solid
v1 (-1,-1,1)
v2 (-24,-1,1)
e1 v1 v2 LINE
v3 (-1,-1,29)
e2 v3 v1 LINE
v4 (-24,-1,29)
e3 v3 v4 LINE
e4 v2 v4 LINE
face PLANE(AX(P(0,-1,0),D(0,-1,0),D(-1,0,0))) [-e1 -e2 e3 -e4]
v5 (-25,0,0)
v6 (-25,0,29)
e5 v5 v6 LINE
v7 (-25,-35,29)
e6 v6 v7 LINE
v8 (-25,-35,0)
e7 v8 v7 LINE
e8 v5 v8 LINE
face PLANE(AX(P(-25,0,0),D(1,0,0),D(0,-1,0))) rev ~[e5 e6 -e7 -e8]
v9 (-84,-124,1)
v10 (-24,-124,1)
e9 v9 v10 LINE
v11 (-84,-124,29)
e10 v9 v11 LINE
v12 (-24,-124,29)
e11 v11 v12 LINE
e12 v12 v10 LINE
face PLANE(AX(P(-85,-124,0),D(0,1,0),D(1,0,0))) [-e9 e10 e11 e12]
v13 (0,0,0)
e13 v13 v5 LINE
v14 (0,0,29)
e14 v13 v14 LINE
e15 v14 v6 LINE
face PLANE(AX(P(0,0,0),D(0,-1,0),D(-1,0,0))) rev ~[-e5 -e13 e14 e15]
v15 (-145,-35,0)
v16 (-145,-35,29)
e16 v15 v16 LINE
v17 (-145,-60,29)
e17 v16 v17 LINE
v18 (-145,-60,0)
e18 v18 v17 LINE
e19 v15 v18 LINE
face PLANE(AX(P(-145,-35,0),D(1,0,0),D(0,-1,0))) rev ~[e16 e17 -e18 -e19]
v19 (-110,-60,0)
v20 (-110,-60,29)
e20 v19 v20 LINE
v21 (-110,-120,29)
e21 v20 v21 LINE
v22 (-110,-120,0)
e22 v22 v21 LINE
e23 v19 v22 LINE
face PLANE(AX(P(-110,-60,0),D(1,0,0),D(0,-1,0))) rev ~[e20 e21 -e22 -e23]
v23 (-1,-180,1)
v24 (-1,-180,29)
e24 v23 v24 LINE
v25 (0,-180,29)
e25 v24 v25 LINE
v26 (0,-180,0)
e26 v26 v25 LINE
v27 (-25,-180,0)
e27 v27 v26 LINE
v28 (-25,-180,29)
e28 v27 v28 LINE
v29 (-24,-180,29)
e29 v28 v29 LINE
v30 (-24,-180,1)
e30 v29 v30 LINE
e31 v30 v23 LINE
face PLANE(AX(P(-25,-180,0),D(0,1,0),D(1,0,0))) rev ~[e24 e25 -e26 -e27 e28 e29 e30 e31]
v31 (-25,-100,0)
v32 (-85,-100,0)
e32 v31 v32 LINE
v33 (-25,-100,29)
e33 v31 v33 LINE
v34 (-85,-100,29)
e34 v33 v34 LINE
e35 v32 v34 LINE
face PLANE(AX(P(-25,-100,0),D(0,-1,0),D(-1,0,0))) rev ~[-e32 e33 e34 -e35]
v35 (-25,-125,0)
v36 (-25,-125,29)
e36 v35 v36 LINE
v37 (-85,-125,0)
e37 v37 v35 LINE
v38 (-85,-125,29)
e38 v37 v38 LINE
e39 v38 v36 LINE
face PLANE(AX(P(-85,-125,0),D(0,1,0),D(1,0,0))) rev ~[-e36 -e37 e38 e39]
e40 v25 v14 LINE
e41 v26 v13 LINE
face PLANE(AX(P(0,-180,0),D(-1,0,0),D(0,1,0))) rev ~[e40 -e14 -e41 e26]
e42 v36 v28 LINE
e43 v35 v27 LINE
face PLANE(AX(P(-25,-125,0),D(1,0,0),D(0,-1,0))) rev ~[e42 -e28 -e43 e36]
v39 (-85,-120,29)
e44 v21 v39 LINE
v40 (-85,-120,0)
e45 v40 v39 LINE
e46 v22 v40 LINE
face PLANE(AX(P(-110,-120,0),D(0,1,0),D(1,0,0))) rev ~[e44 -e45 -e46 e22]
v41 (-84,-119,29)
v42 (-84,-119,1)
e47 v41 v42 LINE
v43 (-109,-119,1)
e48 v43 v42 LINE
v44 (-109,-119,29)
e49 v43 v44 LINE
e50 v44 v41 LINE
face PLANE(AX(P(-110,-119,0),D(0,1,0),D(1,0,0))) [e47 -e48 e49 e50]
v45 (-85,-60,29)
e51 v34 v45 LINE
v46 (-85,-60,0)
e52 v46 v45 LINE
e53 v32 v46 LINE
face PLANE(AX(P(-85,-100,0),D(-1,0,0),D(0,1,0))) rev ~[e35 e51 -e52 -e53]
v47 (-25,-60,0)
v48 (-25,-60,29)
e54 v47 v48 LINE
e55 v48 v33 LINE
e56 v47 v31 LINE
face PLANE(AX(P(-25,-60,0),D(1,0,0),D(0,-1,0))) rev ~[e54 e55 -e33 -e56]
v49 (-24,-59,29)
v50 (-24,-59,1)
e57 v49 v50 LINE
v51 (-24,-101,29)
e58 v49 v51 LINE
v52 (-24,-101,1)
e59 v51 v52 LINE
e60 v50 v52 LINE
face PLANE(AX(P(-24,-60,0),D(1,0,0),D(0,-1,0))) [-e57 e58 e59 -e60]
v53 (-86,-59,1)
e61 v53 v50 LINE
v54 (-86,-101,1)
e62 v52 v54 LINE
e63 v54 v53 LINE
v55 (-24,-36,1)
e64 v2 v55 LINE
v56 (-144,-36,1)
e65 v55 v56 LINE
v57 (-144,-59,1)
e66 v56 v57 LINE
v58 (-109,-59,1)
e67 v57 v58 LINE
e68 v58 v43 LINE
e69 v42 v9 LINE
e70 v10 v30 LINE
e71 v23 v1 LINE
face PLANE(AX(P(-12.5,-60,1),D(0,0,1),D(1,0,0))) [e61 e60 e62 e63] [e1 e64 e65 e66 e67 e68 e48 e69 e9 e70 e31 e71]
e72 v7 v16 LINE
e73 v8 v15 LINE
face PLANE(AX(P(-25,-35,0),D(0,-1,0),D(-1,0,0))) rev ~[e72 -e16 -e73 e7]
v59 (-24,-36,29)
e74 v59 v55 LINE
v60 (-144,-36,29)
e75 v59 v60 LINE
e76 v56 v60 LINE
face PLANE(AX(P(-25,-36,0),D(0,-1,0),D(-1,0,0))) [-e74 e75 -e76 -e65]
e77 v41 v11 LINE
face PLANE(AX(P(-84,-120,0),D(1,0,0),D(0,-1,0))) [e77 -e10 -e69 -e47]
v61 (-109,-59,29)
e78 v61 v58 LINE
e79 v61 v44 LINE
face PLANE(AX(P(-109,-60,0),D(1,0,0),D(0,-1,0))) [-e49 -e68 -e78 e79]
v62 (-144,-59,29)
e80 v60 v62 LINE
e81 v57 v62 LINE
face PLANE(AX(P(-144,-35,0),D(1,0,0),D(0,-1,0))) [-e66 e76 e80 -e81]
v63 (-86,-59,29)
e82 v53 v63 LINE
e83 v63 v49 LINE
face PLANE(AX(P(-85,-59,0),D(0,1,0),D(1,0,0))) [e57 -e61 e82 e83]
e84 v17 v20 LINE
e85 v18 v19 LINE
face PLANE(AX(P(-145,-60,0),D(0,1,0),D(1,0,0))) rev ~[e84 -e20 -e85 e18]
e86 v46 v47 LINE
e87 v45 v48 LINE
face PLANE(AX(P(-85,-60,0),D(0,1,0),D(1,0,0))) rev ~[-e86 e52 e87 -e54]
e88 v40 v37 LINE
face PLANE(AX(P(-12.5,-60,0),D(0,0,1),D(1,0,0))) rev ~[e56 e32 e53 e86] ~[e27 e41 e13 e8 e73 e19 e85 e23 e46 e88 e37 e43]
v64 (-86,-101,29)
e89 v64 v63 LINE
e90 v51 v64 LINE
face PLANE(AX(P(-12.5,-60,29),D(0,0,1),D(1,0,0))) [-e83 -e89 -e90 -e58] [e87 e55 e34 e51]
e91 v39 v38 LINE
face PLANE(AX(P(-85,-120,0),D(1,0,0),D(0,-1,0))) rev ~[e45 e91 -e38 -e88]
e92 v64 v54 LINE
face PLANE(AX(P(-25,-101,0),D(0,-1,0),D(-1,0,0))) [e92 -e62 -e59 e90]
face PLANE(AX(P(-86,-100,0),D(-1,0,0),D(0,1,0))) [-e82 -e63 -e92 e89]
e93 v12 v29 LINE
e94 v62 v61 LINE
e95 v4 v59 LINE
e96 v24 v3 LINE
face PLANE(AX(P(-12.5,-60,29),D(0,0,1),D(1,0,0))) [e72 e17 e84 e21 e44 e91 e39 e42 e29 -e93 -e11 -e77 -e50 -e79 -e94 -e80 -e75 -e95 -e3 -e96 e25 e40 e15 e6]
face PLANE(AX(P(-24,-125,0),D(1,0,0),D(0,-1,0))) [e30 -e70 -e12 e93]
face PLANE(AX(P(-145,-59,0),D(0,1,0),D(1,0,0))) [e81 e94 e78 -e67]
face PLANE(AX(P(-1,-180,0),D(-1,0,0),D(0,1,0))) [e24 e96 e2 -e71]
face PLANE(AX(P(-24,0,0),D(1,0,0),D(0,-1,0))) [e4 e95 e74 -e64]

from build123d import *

# Parameters (mm, degrees)
F1_DEPTH = 30
F2_T     = -1
F3_DEPTH = 1


with BuildPart() as f1:
    # F0 (on Top) → F1 (new body)
    with BuildSketch(Plane.XY):
        Polygon((0, -120), (0, 0), (-25, 0), (-25, -35), (-25, -60), (-25, -100), (-25, -120), align=None)
        Polygon((0, -180), (0, -120), (-25, -120), (-25, -125), (-25, -180), align=None)
        Polygon((-25, -60), (-25, -35), (-145, -35), (-145, -60), (-110, -60), (-85, -60), align=None)
        Polygon((-25, -125), (-25, -120), (-25, -100), (-85, -100), (-85, -120), (-85, -125), align=None)
        Polygon((-85, -100), (-85, -60), (-110, -60), (-110, -120), (-85, -120), align=None)
    extrude(amount=F1_DEPTH)

    # F2
    f2_openings = [f1.faces().sort_by_distance(p)[0] for p in [
        (-12.5, -180, 15),
    ]]
    offset(amount=F2_T, openings=f2_openings, kind=Kind.INTERSECTION)

    # F3 (cut): a face of the model
    f3_faces = [f1.faces().sort_by_distance(p)[0] for p in [
        (-12.5, -2.3113848663, 30),
    ]]
    extrude(f3_faces, amount=-F3_DEPTH, mode=Mode.SUBTRACT)


solid = f1.part
